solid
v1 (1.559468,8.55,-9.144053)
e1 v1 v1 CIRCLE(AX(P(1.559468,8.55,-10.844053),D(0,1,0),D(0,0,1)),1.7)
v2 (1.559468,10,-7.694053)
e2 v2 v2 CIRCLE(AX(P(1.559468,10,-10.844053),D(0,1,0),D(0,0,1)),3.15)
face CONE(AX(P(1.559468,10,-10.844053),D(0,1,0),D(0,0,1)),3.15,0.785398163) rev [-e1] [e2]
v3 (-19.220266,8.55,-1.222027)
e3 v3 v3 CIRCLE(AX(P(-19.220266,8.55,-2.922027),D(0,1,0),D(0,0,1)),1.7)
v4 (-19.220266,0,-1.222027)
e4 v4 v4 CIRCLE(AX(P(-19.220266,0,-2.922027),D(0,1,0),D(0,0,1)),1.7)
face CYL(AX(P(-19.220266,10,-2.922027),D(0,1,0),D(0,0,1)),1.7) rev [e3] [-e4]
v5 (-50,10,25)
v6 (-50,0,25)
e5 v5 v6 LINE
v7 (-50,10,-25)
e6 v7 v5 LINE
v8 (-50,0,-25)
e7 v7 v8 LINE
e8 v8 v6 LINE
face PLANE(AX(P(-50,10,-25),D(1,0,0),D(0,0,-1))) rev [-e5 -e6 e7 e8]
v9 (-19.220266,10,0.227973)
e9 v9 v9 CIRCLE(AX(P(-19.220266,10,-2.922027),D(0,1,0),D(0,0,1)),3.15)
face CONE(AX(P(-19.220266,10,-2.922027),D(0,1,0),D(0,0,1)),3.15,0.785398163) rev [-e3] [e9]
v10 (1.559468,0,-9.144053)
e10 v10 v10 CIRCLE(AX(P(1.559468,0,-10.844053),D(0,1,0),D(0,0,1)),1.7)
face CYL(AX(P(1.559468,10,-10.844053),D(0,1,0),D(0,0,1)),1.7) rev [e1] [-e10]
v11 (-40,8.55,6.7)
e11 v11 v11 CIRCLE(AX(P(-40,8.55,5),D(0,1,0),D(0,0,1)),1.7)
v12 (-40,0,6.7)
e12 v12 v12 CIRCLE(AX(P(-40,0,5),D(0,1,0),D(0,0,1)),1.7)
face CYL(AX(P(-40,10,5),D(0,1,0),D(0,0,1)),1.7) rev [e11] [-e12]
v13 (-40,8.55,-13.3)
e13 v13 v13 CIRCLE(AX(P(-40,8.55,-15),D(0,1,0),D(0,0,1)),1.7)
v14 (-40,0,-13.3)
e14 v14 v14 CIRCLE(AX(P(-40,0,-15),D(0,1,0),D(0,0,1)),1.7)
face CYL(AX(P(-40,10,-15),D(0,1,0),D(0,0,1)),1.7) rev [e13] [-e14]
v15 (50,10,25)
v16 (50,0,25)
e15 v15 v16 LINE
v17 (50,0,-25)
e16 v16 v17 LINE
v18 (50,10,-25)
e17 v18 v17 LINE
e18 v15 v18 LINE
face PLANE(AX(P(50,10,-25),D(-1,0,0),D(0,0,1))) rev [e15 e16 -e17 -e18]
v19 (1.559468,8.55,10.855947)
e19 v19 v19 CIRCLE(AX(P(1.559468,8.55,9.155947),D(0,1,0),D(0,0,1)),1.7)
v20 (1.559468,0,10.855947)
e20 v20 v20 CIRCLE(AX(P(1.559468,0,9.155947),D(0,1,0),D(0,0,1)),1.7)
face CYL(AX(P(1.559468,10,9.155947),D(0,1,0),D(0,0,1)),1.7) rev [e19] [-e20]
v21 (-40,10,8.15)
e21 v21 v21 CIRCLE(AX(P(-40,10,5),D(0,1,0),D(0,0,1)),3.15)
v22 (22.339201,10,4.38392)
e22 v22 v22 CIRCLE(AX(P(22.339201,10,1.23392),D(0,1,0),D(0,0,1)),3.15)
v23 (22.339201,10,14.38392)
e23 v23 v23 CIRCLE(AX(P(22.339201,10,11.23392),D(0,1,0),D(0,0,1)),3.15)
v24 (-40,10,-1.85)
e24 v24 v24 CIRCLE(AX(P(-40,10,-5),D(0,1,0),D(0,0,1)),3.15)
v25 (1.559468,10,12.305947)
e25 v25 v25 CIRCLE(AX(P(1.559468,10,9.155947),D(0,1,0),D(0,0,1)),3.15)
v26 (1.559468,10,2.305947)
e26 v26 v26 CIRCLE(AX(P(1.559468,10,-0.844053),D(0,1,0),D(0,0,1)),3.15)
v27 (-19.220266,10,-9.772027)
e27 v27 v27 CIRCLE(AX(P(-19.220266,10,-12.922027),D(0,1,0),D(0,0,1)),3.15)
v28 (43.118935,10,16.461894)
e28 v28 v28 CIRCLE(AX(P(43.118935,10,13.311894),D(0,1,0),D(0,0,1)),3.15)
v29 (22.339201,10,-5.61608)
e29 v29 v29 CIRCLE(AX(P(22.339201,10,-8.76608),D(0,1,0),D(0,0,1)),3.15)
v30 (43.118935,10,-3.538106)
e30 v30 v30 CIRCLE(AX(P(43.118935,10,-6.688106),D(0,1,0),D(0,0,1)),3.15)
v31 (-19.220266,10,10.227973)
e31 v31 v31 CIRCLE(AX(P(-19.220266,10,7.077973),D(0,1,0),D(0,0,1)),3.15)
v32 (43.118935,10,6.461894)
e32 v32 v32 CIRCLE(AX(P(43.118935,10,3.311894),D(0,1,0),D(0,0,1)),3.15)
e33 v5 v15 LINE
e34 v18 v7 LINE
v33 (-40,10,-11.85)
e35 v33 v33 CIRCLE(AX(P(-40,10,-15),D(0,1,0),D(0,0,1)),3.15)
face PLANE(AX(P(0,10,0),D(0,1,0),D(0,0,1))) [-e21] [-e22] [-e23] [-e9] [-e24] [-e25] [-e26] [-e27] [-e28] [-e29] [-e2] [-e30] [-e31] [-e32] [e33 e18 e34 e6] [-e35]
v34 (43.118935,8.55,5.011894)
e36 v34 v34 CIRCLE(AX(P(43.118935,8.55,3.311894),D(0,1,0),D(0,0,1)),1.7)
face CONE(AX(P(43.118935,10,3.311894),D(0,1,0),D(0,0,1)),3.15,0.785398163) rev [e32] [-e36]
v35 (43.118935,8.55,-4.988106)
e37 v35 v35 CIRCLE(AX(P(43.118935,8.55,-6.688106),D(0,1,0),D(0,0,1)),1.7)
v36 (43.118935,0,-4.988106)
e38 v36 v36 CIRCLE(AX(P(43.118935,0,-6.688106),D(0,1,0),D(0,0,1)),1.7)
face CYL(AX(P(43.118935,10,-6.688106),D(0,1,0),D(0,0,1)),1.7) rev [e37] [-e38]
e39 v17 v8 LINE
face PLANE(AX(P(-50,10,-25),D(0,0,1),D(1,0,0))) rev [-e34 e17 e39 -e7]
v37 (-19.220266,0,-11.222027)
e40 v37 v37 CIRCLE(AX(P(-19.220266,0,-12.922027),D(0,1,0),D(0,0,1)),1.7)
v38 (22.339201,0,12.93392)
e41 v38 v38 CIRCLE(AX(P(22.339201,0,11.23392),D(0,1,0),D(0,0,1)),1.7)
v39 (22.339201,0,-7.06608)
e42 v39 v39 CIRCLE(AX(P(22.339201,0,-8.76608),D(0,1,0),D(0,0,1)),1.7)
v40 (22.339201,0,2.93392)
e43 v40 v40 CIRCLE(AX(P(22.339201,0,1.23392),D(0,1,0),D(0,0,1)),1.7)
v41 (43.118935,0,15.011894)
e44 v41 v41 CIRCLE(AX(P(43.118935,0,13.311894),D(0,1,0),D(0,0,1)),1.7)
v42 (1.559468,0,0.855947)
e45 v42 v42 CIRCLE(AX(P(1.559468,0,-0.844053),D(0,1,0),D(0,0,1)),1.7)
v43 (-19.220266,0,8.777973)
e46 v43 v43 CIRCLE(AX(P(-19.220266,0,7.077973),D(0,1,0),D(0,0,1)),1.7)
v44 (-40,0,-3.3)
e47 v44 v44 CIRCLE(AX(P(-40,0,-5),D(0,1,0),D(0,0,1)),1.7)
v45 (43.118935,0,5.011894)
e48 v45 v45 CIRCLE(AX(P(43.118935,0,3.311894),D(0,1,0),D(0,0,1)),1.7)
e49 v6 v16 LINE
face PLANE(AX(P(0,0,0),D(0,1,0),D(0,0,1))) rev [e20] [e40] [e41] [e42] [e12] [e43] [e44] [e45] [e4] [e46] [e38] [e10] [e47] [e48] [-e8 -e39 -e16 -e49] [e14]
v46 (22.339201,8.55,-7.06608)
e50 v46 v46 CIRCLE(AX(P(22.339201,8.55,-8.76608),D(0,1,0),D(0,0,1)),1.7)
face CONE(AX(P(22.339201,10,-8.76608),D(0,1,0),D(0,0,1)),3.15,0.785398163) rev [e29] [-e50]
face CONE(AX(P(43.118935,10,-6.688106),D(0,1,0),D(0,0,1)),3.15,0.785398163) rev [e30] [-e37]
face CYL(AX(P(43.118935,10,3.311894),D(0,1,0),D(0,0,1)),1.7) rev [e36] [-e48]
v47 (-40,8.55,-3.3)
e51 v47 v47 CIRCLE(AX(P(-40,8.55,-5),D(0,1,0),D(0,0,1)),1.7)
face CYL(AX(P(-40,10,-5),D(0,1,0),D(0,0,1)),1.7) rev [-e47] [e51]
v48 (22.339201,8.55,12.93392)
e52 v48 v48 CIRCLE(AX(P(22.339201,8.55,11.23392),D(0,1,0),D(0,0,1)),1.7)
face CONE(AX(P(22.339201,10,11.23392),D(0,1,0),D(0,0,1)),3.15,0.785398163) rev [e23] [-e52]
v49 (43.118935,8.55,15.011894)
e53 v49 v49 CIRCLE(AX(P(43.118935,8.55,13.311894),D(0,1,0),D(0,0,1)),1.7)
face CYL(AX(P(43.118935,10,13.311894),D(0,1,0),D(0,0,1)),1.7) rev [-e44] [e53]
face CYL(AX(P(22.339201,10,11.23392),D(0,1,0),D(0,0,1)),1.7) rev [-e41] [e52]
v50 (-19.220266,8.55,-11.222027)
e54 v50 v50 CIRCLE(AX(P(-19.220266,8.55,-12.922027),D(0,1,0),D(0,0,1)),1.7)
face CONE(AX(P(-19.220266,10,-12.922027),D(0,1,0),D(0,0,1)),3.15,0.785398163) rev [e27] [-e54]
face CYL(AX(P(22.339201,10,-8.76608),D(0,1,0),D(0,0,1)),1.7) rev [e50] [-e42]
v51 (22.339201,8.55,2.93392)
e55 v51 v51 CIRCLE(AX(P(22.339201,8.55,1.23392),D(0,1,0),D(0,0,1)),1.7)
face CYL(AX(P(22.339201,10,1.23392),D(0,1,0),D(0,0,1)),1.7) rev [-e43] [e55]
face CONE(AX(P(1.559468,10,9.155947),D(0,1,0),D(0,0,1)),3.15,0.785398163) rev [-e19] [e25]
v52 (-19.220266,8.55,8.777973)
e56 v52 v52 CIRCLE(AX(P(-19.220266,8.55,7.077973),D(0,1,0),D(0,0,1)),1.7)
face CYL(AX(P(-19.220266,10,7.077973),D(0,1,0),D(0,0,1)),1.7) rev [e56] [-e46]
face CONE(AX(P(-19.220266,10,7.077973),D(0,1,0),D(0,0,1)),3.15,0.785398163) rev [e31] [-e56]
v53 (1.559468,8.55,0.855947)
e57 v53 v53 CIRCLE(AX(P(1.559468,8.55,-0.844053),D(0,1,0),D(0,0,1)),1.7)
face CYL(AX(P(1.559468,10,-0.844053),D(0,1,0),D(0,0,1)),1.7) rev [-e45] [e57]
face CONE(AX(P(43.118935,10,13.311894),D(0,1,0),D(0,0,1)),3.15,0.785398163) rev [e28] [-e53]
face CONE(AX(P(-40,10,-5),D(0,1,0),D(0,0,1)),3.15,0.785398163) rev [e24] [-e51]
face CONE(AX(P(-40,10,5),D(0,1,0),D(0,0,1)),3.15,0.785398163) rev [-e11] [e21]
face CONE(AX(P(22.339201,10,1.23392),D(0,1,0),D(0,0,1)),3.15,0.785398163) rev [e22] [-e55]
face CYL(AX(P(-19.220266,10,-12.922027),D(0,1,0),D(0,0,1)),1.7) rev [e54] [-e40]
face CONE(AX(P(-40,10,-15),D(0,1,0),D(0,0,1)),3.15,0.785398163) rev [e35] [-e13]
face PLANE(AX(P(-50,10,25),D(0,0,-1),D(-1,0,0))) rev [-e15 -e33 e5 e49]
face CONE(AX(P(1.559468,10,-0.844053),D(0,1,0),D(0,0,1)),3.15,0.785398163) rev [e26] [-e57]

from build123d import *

# Parameters (mm, degrees)
SKETCH1_W                                       = 100
SKETCH1_H                                       = 50
BOSS_EXTRUDE1_DEPTH                             = 10
CSK_FOR_M3_FLAT_HEAD_MACHINE_SCREW1_D           = 3.4
CSK_FOR_M3_FLAT_HEAD_MACHINE_SCREW1_CSINK_D     = 6.3
CSK_FOR_M3_FLAT_HEAD_MACHINE_SCREW1_CSINK_ANGLE = 90
LPATTERN1_COUNT                                 = 5
LPATTERN1_PITCH                                 = 20.88337397
LPATTERN1_COUNT_DIR2                            = 3
LPATTERN1_PITCH_DIR2                            = 10


with BuildPart() as part:
    # Sketch1 → Boss-Extrude1 (new body)
    with BuildSketch(Plane(origin=(0, 0, 0), x_dir=(1, 0, 0), z_dir=(0, 1, 0))):
        Rectangle(SKETCH1_W, SKETCH1_H)
    extrude(amount=BOSS_EXTRUDE1_DEPTH)

    # CSK for M3 Flat Head Machine Screw1 (through all)
    with Locations(Plane(origin=(-40, 10, -15), x_dir=(0, 0, 1), z_dir=(0, 1, 0))):
        with Locations((0, 0)):
            csk_for_m3_flat_head_machine_screw1 = CounterSinkHole(CSK_FOR_M3_FLAT_HEAD_MACHINE_SCREW1_D / 2, CSK_FOR_M3_FLAT_HEAD_MACHINE_SCREW1_CSINK_D / 2, counter_sink_angle=CSK_FOR_M3_FLAT_HEAD_MACHINE_SCREW1_CSINK_ANGLE)

    # LPattern1: CSK for M3 Flat Head Machine Screw1 5 × 3
    with Locations(*[Vector(0.9950371902099892, 0, 0.099503719020999) * (i * LPATTERN1_PITCH) + Vector(0, 0, 1) * (j * LPATTERN1_PITCH_DIR2) for i in range(LPATTERN1_COUNT) for j in range(LPATTERN1_COUNT_DIR2) if (i, j) != (0, 0)]):
        add(csk_for_m3_flat_head_machine_screw1, mode=Mode.SUBTRACT)


solid = part.part
